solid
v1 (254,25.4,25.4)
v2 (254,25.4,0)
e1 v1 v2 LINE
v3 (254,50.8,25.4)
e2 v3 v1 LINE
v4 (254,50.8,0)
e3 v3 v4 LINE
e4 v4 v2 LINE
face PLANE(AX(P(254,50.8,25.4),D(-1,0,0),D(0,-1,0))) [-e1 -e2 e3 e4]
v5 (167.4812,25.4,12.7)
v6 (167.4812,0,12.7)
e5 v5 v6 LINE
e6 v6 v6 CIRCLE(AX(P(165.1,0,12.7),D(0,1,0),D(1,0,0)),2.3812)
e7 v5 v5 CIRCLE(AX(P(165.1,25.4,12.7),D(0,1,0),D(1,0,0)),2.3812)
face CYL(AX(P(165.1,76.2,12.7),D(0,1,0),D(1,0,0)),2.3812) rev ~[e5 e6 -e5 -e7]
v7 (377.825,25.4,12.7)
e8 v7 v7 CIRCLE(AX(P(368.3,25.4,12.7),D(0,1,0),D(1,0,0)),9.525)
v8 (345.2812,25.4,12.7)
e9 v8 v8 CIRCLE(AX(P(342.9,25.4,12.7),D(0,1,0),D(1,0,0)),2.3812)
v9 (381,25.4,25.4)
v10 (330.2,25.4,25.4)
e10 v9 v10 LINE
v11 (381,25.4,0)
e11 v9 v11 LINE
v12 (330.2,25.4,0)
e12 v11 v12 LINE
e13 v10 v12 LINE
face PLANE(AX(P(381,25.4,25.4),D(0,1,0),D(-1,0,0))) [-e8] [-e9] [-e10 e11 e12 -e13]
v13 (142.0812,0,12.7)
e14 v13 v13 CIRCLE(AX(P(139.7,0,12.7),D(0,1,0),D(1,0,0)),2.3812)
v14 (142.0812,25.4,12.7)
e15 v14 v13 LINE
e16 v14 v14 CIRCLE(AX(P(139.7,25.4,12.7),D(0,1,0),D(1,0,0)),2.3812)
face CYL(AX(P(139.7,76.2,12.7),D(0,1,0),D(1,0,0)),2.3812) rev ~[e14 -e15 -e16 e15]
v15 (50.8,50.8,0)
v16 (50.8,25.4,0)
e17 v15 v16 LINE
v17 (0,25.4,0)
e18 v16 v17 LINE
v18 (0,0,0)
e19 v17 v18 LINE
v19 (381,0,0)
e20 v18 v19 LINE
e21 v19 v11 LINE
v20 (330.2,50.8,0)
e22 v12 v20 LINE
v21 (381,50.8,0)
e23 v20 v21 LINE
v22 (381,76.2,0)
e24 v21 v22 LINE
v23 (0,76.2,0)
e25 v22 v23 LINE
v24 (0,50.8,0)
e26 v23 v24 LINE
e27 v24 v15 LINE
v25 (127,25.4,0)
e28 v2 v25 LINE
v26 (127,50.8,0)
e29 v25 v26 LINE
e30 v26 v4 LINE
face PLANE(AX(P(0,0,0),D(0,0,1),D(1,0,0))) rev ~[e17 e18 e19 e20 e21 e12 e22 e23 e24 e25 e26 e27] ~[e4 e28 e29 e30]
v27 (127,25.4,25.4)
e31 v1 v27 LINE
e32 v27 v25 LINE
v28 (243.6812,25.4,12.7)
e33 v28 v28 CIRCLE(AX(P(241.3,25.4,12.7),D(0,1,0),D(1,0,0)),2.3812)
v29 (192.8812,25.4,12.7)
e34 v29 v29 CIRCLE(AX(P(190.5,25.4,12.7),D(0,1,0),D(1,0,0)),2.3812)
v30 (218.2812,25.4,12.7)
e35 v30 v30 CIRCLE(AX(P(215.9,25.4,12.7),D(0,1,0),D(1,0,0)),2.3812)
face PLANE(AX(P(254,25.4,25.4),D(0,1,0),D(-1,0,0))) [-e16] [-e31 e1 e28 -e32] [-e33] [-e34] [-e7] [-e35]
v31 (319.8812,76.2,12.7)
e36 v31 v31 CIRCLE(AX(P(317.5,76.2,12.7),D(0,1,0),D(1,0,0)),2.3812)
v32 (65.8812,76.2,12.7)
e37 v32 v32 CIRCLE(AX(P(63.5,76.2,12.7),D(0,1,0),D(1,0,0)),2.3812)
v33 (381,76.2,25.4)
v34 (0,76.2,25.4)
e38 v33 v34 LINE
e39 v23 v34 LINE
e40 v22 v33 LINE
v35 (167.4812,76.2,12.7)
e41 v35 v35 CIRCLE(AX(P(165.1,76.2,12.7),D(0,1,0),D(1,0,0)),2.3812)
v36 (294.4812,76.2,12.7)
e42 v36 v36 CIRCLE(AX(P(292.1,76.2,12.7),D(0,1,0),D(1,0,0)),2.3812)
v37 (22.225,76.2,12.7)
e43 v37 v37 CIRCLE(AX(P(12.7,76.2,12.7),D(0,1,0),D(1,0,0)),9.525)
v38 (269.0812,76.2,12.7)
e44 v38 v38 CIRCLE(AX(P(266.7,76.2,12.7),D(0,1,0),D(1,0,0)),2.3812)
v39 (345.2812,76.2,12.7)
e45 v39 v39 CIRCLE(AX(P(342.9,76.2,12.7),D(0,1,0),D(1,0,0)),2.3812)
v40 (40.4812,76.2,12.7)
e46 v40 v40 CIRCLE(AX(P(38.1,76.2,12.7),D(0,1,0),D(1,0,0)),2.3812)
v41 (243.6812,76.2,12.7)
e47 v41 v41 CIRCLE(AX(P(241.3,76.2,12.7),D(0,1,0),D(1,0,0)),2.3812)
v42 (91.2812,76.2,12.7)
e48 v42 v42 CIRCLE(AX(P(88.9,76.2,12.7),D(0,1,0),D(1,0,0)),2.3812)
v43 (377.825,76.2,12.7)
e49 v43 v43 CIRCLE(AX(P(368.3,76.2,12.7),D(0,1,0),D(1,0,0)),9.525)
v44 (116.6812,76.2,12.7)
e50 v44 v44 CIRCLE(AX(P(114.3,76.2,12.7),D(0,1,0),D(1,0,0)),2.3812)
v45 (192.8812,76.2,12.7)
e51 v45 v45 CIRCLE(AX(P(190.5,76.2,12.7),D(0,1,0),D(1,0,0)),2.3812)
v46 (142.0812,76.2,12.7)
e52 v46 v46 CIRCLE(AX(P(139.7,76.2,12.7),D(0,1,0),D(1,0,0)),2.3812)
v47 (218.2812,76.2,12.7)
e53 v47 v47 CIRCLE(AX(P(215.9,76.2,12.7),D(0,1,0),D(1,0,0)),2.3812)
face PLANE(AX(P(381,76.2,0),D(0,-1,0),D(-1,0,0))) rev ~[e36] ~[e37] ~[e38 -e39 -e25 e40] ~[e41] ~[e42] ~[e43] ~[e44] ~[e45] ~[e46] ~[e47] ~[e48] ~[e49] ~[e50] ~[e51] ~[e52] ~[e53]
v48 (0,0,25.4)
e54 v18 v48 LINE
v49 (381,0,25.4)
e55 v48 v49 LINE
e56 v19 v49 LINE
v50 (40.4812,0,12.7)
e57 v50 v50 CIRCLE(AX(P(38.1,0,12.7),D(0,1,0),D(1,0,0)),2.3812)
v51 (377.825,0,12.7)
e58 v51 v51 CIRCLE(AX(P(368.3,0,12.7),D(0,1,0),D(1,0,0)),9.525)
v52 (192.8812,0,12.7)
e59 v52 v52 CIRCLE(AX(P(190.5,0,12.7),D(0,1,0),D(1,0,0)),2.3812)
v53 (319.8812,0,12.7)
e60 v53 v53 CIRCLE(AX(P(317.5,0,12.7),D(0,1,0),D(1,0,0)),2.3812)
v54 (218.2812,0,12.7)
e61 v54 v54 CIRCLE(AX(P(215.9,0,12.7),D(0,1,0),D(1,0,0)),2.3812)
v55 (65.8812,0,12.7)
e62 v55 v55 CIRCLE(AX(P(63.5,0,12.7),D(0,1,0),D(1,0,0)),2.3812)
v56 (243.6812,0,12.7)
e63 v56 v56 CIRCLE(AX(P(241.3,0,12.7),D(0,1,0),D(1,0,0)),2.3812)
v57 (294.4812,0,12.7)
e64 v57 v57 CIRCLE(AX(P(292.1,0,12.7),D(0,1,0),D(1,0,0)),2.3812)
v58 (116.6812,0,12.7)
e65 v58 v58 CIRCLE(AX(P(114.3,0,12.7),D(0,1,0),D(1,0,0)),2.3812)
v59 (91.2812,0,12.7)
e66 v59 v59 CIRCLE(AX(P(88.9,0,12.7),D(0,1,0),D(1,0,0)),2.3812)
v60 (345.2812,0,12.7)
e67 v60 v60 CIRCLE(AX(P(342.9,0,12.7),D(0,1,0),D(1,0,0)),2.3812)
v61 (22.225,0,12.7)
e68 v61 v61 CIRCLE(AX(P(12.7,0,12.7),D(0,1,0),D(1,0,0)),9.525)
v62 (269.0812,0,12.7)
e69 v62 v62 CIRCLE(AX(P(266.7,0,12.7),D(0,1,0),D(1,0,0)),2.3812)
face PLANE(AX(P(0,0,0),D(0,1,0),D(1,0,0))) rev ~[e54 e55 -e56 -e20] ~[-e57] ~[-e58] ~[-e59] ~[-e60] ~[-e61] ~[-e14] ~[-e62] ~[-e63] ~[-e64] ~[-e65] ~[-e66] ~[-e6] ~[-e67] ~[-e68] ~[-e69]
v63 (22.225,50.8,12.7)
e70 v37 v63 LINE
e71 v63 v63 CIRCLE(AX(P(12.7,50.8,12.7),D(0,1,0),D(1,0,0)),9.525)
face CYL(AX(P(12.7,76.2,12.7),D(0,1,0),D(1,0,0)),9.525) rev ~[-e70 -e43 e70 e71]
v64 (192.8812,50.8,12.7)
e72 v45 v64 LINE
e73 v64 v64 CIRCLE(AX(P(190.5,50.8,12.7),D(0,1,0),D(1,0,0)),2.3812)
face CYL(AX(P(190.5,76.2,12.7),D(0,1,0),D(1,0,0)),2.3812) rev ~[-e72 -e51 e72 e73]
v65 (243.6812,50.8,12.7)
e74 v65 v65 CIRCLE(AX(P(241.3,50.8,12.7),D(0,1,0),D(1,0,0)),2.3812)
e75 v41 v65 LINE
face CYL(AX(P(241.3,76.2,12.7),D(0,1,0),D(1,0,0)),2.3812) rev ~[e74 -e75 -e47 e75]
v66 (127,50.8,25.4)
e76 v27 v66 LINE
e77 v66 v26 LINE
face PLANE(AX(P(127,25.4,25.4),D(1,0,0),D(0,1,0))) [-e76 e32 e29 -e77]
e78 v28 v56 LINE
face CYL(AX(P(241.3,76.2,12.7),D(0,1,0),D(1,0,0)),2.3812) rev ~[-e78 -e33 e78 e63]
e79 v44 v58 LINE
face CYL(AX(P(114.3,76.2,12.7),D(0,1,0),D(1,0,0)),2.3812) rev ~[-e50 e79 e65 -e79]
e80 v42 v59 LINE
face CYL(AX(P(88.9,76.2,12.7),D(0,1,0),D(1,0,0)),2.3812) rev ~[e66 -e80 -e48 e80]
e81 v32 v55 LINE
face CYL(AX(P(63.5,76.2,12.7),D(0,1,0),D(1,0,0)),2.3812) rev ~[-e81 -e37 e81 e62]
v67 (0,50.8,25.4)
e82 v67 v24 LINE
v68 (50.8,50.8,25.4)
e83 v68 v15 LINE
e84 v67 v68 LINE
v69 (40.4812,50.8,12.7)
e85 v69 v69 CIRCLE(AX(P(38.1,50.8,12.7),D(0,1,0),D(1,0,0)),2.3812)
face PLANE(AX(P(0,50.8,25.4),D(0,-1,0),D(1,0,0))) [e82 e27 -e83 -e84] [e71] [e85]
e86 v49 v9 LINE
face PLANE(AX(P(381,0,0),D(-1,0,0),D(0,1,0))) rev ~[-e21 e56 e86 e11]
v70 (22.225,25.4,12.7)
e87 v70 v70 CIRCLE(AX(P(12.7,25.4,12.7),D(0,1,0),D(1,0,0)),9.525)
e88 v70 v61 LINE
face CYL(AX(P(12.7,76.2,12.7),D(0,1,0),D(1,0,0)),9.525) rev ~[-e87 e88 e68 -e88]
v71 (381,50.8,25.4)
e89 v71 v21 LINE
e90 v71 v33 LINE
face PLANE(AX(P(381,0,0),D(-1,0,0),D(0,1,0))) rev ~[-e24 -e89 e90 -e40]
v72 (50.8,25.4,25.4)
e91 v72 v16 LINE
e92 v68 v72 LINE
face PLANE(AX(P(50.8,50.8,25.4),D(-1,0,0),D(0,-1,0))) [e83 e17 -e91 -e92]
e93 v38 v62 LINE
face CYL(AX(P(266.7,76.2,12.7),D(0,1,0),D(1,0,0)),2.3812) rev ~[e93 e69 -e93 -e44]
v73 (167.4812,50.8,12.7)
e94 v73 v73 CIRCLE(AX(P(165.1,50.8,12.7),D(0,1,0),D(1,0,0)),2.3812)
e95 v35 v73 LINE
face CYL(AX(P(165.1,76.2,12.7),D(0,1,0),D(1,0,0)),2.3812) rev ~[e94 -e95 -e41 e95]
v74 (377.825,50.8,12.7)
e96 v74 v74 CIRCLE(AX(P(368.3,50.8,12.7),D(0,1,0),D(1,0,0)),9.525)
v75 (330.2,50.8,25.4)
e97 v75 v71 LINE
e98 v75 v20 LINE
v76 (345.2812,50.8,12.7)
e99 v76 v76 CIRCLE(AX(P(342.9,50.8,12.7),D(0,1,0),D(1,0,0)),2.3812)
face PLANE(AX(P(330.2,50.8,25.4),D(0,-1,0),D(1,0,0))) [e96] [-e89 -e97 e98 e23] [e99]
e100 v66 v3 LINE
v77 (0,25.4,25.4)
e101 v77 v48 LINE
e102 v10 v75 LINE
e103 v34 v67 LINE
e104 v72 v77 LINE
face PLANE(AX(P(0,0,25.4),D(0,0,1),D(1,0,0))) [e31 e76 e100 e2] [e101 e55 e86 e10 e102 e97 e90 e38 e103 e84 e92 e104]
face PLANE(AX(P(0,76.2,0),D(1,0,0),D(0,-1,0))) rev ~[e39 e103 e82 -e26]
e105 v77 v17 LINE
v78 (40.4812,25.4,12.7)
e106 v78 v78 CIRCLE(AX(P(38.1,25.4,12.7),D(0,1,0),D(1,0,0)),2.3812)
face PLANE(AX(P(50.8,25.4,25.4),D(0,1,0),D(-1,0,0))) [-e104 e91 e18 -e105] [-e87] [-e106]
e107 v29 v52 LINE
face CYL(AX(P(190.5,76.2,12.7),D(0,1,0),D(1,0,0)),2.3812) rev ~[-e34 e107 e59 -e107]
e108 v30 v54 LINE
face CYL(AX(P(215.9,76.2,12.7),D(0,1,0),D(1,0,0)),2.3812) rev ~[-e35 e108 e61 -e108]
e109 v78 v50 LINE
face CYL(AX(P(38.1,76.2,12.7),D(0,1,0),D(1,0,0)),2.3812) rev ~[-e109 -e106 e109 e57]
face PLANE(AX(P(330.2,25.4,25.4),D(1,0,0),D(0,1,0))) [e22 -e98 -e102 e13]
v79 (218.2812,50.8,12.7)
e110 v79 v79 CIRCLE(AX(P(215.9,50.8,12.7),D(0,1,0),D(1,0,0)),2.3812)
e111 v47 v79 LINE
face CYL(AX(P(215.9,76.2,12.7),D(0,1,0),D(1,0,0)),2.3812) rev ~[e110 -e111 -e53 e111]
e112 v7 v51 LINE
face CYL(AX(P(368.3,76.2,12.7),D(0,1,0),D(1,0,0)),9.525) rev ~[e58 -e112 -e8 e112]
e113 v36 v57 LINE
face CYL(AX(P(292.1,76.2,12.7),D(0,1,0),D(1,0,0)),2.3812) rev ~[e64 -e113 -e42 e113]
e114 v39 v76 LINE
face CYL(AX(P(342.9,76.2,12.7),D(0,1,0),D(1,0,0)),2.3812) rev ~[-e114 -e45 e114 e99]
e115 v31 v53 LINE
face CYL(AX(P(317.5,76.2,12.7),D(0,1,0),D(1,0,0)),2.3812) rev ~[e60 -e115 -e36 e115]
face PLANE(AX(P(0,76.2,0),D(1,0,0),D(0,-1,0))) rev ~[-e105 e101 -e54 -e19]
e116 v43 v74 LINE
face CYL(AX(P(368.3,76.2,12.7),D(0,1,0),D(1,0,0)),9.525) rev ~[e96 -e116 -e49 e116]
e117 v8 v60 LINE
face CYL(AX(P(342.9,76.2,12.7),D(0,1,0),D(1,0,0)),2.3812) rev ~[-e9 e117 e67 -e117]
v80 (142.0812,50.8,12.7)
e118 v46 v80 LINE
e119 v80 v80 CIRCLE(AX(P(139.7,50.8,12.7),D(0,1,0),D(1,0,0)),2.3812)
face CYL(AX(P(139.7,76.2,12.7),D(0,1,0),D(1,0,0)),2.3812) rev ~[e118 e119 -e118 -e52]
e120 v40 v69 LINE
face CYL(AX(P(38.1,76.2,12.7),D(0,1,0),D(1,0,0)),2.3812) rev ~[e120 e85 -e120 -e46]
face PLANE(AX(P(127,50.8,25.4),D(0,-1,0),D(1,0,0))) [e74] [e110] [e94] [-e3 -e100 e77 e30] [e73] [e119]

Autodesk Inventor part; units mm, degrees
ref_plane "YZ Plane" through (0, 0, 0) normal (1, 0, 0) x (0, 1, 0)
ref_plane "XZ Plane" through (0, 0, 0) normal (0, 1, 0) x (-1, 0, 0)
ref_plane "XY Plane" through (0, 0, 0) normal (0, 0, 1) x (1, 0, 0)
sketch "Sketch1" plane through (0, 0, 0) normal (0, 0, 1) x (1, 0, 0)
  line L0 (0, 0) -> (381, 0)
  line L1 (381, 0) -> (381, 76.2)
  line L2 (381, 76.2) -> (0, 76.2)
  line L3 (0, 76.2) -> (0, 0)
  dimension "d0" = 381
  dimension "d1" = 76.2
extrude "Extrusion1" add sketch "Sketch1" along normal blind 25.4
sketch "Sketch7" plane through (0, 0, 25.4) normal (0, 0, 1) x (1, 0, 0)
  line L0 (0, 50.8) -> (50.8, 50.8)
  line L1 (50.8, 50.8) -> (50.8, 25.4)
  line L2 (50.8, 25.4) -> (0, 25.4)
  line L3 (0, 25.4) -> (0, 50.8)
  line L4 (127, 50.8) -> (254, 50.8)
  line L5 (254, 50.8) -> (254, 25.4)
  line L6 (254, 25.4) -> (127, 25.4)
  line L7 (127, 25.4) -> (127, 50.8)
  line L8 (330.2, 50.8) -> (381, 50.8)
  line L9 (381, 50.8) -> (381, 25.4)
  line L10 (381, 25.4) -> (330.2, 25.4)
  line L11 (330.2, 25.4) -> (330.2, 50.8)
  line L12 (381, 76.2) -> (0, 76.2) projected
  line L13 (0, 0) -> (381, 0) projected
  line L14 (0, 76.2) -> (0, 0) projected
  line L15 (381, 0) -> (381, 76.2) projected
  dimension "d34" = 25.4
  dimension "d35" = 25.4
  dimension "d36" = 25.4
  dimension "d37" = 25.4
  dimension "d38" = 0
  dimension "d39" = 0
  dimension "d40" = 76.2
  dimension "d41" = 76.2
  dimension "d42" = 50.8
  dimension "d43" = 50.8
extrude "Extrusion6" cut sketch "Sketch7" against normal blind 25.4 contours L0 L1 L2 L3 | L9 L10 L11 L8 | L4 L5 L6 L7
sketch "Sketch8" plane through (0, 76.2, 0) normal (0, 1, 0) x (1, 0, 0)
  circle A0 centre (12.7, -12.7) radius 2.3812
  line L0 (381, -25.4) -> (0, -25.4) projected
  circle A1 centre (38.1, -12.7) radius 2.3812
  circle A2 centre (63.5, -12.7) radius 2.3812
  circle A3 centre (88.9, -12.7) radius 2.3812
  circle A4 centre (114.3, -12.7) radius 2.3812
  circle A5 centre (139.7, -12.7) radius 2.3812
  circle A6 centre (165.1, -12.7) radius 2.3812
  circle A7 centre (190.5, -12.7) radius 2.3812
  circle A8 centre (215.9, -12.7) radius 2.3812
  circle A9 centre (241.3, -12.7) radius 2.3812
  circle A10 centre (266.7, -12.7) radius 2.3812
  circle A11 centre (292.1, -12.7) radius 2.3812
  circle A12 centre (317.5, -12.7) radius 2.3812
  line L1 (0, 0) -> (0, -25.4) projected
  circle A13 centre (342.9, -12.7) radius 2.3812
  circle A14 centre (368.3, -12.7) radius 2.3812
  circle A15 centre (368.3, -12.7) radius 9.525
  circle A16 centre (12.7, -12.7) radius 9.525
  dimension "d46" = 4.7625
  dimension "d47" = 12.7
  dimension "d50" = 25.4
  dimension "d55" = 12.7
  dimension "d58" = 19.05
  dimension "d59" = 19.05
extrude "Extrusion7" cut sketch "Sketch8" against normal blind 76.2 contours A0 | A1 | A2 | A3 | A4 | A5 | A6 | A7 | A8 | A9 | A10 | A11 | A12 | A13 | A14 | A15 | A16
equation "\"d35\" = d34"
equation "\"d37\" = d36"
properties part number "RobotArm Board"
